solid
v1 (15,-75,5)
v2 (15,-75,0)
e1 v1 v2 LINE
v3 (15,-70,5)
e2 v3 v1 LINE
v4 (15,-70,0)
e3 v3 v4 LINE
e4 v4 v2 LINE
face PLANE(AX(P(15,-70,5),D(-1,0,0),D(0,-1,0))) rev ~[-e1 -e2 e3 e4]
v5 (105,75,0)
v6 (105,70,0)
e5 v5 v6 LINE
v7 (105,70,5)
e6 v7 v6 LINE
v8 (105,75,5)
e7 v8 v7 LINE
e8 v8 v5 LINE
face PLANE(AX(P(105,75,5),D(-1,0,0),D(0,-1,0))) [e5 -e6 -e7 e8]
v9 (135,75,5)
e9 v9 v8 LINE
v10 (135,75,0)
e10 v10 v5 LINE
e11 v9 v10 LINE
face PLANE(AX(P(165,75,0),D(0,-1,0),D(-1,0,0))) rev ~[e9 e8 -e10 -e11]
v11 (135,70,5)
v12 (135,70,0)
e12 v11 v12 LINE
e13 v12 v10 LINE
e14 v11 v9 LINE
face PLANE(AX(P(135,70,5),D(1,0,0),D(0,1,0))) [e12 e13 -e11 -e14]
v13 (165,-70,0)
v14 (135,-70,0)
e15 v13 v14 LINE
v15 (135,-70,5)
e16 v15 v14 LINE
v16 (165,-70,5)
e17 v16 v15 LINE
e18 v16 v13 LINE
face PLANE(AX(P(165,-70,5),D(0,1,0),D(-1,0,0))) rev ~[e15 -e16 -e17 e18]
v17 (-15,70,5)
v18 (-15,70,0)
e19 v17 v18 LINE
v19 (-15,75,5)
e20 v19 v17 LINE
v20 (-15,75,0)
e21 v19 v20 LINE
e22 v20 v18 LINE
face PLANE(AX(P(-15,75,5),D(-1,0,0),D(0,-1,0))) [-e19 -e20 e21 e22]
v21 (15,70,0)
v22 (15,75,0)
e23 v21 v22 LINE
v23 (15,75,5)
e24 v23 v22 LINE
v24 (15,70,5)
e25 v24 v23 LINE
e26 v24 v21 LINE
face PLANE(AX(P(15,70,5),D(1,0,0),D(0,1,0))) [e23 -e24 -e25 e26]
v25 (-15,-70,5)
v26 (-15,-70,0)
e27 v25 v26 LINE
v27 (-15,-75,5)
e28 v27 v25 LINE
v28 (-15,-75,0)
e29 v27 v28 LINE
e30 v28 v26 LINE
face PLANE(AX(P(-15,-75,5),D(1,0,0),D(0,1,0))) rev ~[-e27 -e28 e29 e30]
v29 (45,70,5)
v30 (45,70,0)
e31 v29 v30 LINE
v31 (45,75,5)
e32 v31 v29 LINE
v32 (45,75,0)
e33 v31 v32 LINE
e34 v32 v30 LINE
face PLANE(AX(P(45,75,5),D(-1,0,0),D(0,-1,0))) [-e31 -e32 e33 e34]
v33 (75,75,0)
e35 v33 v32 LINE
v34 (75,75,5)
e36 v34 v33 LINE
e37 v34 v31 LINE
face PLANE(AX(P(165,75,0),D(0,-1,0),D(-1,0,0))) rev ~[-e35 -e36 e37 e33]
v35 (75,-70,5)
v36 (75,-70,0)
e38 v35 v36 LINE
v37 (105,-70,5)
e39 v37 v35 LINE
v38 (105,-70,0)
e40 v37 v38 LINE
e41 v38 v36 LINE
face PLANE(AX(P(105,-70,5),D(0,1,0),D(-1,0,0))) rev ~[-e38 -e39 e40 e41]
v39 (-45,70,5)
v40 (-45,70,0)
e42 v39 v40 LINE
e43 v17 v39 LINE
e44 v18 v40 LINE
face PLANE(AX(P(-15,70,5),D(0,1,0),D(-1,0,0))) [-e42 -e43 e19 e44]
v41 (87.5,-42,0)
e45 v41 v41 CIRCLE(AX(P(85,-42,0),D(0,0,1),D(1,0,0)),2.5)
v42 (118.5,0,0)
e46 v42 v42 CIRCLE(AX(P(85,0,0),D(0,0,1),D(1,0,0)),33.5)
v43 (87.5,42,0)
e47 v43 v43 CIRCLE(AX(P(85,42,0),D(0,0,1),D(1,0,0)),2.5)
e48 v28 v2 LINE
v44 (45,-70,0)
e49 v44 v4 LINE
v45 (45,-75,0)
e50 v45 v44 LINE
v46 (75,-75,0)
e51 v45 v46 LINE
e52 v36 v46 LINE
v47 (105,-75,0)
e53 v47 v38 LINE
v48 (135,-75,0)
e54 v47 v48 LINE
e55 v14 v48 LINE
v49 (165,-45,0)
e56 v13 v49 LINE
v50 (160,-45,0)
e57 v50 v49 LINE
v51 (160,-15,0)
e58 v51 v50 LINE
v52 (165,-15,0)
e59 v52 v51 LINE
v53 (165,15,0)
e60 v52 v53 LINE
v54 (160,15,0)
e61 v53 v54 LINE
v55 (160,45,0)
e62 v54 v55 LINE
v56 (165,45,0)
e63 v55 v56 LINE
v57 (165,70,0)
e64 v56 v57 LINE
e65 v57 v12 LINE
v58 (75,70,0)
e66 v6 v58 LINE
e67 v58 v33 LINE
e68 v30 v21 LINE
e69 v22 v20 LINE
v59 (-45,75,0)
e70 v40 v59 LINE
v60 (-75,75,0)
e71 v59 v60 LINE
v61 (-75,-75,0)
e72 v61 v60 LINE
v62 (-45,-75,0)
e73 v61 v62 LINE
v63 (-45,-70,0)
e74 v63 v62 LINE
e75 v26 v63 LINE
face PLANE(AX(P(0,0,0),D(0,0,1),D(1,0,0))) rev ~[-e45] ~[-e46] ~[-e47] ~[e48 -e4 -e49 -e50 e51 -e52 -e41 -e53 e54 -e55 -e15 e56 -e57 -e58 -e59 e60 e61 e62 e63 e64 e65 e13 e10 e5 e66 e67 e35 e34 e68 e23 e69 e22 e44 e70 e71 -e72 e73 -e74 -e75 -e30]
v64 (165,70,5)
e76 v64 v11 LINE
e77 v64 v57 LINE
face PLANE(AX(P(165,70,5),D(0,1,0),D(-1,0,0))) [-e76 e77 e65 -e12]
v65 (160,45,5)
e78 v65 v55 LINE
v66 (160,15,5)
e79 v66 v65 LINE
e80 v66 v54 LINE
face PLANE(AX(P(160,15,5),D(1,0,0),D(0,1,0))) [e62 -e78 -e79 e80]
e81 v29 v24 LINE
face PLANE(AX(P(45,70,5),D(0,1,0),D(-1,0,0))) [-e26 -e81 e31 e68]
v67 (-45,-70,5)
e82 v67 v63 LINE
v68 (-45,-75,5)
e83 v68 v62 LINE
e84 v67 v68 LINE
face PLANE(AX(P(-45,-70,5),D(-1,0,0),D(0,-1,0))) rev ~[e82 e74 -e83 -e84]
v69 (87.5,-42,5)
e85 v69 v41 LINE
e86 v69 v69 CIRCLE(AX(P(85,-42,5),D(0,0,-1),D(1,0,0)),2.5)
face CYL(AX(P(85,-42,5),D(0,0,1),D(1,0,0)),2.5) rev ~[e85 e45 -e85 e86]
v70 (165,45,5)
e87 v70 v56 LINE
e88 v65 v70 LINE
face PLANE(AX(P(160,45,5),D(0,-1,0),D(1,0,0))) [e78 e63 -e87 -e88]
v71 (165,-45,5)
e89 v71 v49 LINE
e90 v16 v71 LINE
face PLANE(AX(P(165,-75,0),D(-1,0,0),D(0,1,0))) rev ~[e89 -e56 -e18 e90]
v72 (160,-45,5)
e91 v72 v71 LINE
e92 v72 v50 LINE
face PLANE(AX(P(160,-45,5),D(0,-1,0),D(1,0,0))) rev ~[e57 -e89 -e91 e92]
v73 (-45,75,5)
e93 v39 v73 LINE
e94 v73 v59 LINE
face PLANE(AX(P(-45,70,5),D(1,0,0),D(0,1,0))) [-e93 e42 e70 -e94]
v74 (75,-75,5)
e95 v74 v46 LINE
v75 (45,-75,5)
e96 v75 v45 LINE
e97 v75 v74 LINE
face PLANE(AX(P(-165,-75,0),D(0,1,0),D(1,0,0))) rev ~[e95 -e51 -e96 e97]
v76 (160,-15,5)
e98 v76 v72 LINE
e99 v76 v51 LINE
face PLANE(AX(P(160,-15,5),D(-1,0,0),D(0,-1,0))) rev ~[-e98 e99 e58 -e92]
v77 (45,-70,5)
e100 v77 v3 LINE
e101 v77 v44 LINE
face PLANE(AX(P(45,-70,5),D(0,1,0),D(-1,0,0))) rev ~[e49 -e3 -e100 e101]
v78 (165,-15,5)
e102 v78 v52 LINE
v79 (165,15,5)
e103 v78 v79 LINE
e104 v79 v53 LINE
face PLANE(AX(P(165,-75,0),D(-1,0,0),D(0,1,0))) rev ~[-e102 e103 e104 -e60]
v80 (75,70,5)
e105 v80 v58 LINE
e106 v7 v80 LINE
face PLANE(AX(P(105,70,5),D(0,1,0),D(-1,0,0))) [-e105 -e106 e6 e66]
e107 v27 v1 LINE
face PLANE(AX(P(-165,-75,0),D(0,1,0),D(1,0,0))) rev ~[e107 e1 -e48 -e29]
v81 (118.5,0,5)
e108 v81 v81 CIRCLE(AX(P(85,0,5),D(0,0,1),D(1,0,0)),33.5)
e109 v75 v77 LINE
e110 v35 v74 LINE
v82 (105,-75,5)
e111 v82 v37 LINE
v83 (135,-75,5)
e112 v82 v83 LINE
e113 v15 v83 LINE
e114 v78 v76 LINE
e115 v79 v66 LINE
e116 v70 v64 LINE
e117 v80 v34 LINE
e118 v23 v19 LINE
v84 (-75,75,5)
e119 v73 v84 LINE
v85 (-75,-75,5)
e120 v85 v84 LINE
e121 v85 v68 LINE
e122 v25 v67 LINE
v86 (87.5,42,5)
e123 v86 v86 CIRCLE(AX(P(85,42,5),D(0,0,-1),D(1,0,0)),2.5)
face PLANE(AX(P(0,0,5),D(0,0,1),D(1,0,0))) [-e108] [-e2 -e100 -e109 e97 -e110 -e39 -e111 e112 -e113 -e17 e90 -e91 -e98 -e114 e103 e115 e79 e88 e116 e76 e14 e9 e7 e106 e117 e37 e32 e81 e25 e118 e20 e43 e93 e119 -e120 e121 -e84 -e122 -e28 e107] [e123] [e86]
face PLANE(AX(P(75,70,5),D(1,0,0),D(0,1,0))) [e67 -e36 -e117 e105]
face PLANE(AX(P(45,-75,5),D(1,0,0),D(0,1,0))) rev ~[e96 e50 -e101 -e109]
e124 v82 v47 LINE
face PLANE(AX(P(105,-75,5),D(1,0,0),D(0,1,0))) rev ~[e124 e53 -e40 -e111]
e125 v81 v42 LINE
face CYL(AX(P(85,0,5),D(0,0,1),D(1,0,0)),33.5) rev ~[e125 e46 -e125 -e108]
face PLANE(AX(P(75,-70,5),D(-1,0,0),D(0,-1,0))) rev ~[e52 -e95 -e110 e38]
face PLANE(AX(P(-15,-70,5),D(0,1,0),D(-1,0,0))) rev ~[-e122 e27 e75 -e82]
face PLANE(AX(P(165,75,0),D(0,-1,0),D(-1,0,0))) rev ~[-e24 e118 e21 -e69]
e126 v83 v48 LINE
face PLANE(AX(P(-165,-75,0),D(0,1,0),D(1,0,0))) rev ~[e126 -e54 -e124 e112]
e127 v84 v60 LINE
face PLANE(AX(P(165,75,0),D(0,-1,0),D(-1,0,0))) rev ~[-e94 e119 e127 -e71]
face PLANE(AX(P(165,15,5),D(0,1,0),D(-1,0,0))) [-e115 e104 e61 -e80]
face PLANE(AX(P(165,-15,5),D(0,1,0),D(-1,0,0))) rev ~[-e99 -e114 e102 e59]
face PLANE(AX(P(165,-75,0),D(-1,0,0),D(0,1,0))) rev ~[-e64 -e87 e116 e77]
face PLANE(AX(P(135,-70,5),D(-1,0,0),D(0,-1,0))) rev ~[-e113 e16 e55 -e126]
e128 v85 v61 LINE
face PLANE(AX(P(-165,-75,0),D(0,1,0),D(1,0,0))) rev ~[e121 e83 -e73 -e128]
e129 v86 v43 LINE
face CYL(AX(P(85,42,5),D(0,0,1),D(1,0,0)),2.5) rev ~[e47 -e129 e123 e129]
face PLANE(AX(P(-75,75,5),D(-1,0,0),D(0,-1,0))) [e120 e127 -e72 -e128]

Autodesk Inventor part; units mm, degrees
sketch "Sketch1" plane through (0, 0, 0) normal (0, 0, 1) x (1, 0, 0)
  line L0 (0, 2.8582) -> (0, -2.8582) construction
  line L1 (-5.7775, 0) -> (5.7775, 0) construction
  line L2 (-165, -75) -> (165, -75)
  line L3 (165, -75) -> (165, 75)
  line L4 (165, 75) -> (-165, 75)
  line L5 (-165, 75) -> (-165, -75)
  line L6 (-165, -75) -> (165, 75) construction
  line L7 (165, -75) -> (-165, 75) construction
  point P0 (0, 0)
  point P1 (0, 0)
  dimension "d0" = 330
  dimension "d1" = 150
extrude "Extrusion1" add sketch "Sketch1" along normal blind 5
sketch "Sketch2" plane through (0, 0, 5) normal (0, 0, 1) x (1, 0, 0)
  line L0 (0, 0) -> (-130, 0)
  circle A0 centre (-130, 0) radius 5
  line L1 (-165, 75) -> (-165, -75) projected
  line L2 (-165, 0) -> (-165, 15)
  line L3 (-165, 15) -> (-165, -15)
  line L4 (-165, -15) -> (-165, -45)
  line L5 (-165, -45) -> (-165, -75)
  line L6 (-165, 15) -> (-165, 45)
  line L7 (-165, 45) -> (-165, 75)
  line L8 (-165, 15) -> (-160, 15)
  line L9 (-160, 15) -> (-160, 45)
  line L10 (-160, 45) -> (-165, 45)
  line L11 (-165, 45) -> (-165, 15)
  line L12 (-165, -15) -> (-160, -15)
  line L13 (-160, -15) -> (-160, -45)
  line L14 (-160, -45) -> (-165, -45)
  line L15 (-165, -45) -> (-165, -15)
  line L16 (-165, -75) -> (165, -75) projected
  line L17 (-165, -75) -> (-135, -75)
  line L18 (-135, -75) -> (-105, -75)
  line L19 (-105, -75) -> (-75, -75)
  line L20 (-75, -75) -> (-45, -75)
  line L21 (-45, -75) -> (-15, -75)
  line L22 (-15, -75) -> (15, -75)
  line L23 (15, -75) -> (45, -75)
  line L24 (45, -75) -> (75, -75)
  line L25 (75, -75) -> (105, -75)
  line L26 (105, -75) -> (135, -75)
  line L27 (135, -75) -> (165, -75)
  line L28 (-165, -75) -> (-135, -75)
  line L29 (-135, -75) -> (-135, -70)
  line L30 (-135, -70) -> (-165, -70)
  line L31 (-165, -70) -> (-165, -75)
  line L32 (-105, -75) -> (-75, -75)
  line L33 (-75, -75) -> (-75, -70)
  line L34 (-75, -70) -> (-105, -70)
  line L35 (-105, -70) -> (-105, -75)
  line L36 (-45, -75) -> (-15, -75)
  line L37 (-15, -75) -> (-15, -70)
  line L38 (-15, -70) -> (-45, -70)
  line L39 (-45, -70) -> (-45, -75)
  line L40 (15, -75) -> (45, -75)
  line L41 (45, -75) -> (45, -70)
  line L42 (45, -70) -> (15, -70)
  line L43 (15, -70) -> (15, -75)
  line L44 (75, -75) -> (105, -75)
  line L45 (105, -75) -> (105, -70)
  line L46 (105, -70) -> (75, -70)
  line L47 (75, -70) -> (75, -75)
  line L48 (135, -75) -> (165, -75)
  line L49 (165, -75) -> (165, -70)
  line L50 (165, -70) -> (135, -70)
  line L51 (135, -70) -> (135, -75)
  line L52 (165, 75) -> (-165, 75) projected
  line L53 (-165, 75) -> (-135, 75)
  line L54 (-135, 75) -> (-135, 70)
  line L55 (-135, 70) -> (-165, 70)
  line L56 (-165, 70) -> (-165, 75)
  line L57 (-105, 75) -> (-75, 75)
  line L58 (-75, 75) -> (-75, 70)
  line L59 (-75, 70) -> (-105, 70)
  line L60 (-105, 70) -> (-105, 75)
  line L61 (-45, 75) -> (-15, 75)
  line L62 (-15, 75) -> (-15, 70)
  line L63 (-15, 70) -> (-45, 70)
  line L64 (-45, 70) -> (-45, 75)
  line L65 (15, 75) -> (45, 75)
  line L66 (45, 75) -> (45, 70)
  line L67 (45, 70) -> (15, 70)
  line L68 (15, 70) -> (15, 75)
  line L69 (75, 75) -> (105, 75)
  line L70 (105, 75) -> (105, 70)
  line L71 (105, 70) -> (75, 70)
  line L72 (75, 70) -> (75, 75)
  line L73 (165, -75) -> (165, 75) projected
  line L74 (135, 75) -> (165, 75)
  line L75 (165, 75) -> (165, 70)
  line L76 (165, 70) -> (135, 70)
  line L77 (135, 70) -> (135, 75)
  line L78 (165, 0) -> (165, 15)
  line L79 (165, 15) -> (160, 15)
  line L80 (160, 15) -> (160, 45)
  line L81 (160, 45) -> (165, 45)
  line L82 (165, 45) -> (165, 15)
  line L83 (165, -15) -> (160, -15)
  line L84 (160, -15) -> (160, -45)
  line L85 (160, -45) -> (165, -45)
  line L86 (165, -45) -> (165, -15)
  point P0 (-165, -70)
  point P1 (135, 75)
  point P2 (105, 75)
  point P3 (75, 75)
  point P4 (45, 75)
  point P5 (15, 75)
  point P6 (-15, 75)
  point P7 (-165, 70)
  point P8 (-165, -45)
  dimension "d4" = 130
  dimension "d5" = 10
  dimension "d6" = 15
  dimension "d7" = 30
  dimension "d8" = 30
  dimension "d9" = 30
  dimension "d10" = 30
  dimension "d11" = 30
  dimension "d12" = 5
  dimension "d13" = 30
  dimension "d14" = 30
  dimension "d15" = 30
  dimension "d16" = 30
  dimension "d17" = 30
  dimension "d18" = 30
  dimension "d19" = 30
  dimension "d20" = 30
  dimension "d21" = 30
  dimension "d22" = 30
  dimension "d23" = 30
  dimension "d24" = 5
  dimension "d25" = 5
  dimension "d26" = 5
  dimension "d29" = 30
  dimension "d30" = 30
  dimension "d31" = 30
  dimension "d32" = 30
  dimension "d33" = 30
  dimension "d34" = 30
extrude "Extrusion2" cut sketch "Sketch2" against normal blind 5 contours A0 | L52 L54 L55 L1 | L10 L9 L8 L1 | L52 L58 L59 L60 | L52 L62 L63 L64 | L12 L13 L14 L1 | L52 L66 L67 L68 | L30 L29 L16 L1 | L52 L70 L71 L72 | L35 L34 L33 L16 | L52 L73 L76 L77 | L39 L38 L37 L16 | L73 L79 L80 L81 | L43 L42 L41 L16 | L47 L46 L45 L16 | L73 L85 L84 L83 | L51 L50 L49 L16
sketch "Sketch3" plane through (0, 0, 5) normal (0, 0, 1) x (1, 0, 0)
  line L0 (165, -15) -> (165, 15) projected
  line L1 (165, 0) -> (85, 0)
  circle A0 centre (85, 0) radius 33.5
  point P0 (0, 0)
  dimension "d35" = 80
  dimension "d36" = 67
extrude "Extrusion3" cut sketch "Sketch3" against normal blind 10
sketch "Sketch4" plane through (0, 0, 5) normal (0, 0, 1) x (1, 0, 0)
  circle A0 centre (85, 0) radius 33.5 projected
  line L0 (85, 0) -> (85, 42)
  circle A1 centre (85, 42) radius 2.5
  line L1 (85, 0) -> (85, -42)
  circle A2 centre (85, -42) radius 2.5
  point P0 (0, 0)
  dimension "d39" = 42
  dimension "d40" = 5
  dimension "d41" = 42
  dimension "d42" = 5
extrude "Extrusion4" cut sketch "Sketch4" against normal blind 5 contours A2 | A1
sketch "Sketch5" plane through (0, 0, 5) normal (0, 0, 1) x (1, 0, 0)
  line L0 (165, -70) -> (165, -45) projected
  line L1 (165, -70) -> (-75, -70)
  line L2 (-75, -70) -> (-75, 78.5235)
  line L3 (-75, 78.5235) -> (165, 78.5235)
  line L4 (165, 78.5235) -> (165, -70)
  line L5 (-75, 78.5235) -> (-190.1634, 78.5235)
  line L6 (-190.1634, 78.5235) -> (-190.1634, -89.7899)
  line L7 (-190.1634, -89.7899) -> (-75, -89.7899)
  line L8 (-75, -89.7899) -> (-75, 78.5235)
  point P0 (0, 0)
  dimension "d45" = 240
extrude "Extrusion5" cut sketch "Sketch5" against normal blind 10 contours L8 L7 L6 L5 L2
properties part number "Plaat boven" material "S235"
